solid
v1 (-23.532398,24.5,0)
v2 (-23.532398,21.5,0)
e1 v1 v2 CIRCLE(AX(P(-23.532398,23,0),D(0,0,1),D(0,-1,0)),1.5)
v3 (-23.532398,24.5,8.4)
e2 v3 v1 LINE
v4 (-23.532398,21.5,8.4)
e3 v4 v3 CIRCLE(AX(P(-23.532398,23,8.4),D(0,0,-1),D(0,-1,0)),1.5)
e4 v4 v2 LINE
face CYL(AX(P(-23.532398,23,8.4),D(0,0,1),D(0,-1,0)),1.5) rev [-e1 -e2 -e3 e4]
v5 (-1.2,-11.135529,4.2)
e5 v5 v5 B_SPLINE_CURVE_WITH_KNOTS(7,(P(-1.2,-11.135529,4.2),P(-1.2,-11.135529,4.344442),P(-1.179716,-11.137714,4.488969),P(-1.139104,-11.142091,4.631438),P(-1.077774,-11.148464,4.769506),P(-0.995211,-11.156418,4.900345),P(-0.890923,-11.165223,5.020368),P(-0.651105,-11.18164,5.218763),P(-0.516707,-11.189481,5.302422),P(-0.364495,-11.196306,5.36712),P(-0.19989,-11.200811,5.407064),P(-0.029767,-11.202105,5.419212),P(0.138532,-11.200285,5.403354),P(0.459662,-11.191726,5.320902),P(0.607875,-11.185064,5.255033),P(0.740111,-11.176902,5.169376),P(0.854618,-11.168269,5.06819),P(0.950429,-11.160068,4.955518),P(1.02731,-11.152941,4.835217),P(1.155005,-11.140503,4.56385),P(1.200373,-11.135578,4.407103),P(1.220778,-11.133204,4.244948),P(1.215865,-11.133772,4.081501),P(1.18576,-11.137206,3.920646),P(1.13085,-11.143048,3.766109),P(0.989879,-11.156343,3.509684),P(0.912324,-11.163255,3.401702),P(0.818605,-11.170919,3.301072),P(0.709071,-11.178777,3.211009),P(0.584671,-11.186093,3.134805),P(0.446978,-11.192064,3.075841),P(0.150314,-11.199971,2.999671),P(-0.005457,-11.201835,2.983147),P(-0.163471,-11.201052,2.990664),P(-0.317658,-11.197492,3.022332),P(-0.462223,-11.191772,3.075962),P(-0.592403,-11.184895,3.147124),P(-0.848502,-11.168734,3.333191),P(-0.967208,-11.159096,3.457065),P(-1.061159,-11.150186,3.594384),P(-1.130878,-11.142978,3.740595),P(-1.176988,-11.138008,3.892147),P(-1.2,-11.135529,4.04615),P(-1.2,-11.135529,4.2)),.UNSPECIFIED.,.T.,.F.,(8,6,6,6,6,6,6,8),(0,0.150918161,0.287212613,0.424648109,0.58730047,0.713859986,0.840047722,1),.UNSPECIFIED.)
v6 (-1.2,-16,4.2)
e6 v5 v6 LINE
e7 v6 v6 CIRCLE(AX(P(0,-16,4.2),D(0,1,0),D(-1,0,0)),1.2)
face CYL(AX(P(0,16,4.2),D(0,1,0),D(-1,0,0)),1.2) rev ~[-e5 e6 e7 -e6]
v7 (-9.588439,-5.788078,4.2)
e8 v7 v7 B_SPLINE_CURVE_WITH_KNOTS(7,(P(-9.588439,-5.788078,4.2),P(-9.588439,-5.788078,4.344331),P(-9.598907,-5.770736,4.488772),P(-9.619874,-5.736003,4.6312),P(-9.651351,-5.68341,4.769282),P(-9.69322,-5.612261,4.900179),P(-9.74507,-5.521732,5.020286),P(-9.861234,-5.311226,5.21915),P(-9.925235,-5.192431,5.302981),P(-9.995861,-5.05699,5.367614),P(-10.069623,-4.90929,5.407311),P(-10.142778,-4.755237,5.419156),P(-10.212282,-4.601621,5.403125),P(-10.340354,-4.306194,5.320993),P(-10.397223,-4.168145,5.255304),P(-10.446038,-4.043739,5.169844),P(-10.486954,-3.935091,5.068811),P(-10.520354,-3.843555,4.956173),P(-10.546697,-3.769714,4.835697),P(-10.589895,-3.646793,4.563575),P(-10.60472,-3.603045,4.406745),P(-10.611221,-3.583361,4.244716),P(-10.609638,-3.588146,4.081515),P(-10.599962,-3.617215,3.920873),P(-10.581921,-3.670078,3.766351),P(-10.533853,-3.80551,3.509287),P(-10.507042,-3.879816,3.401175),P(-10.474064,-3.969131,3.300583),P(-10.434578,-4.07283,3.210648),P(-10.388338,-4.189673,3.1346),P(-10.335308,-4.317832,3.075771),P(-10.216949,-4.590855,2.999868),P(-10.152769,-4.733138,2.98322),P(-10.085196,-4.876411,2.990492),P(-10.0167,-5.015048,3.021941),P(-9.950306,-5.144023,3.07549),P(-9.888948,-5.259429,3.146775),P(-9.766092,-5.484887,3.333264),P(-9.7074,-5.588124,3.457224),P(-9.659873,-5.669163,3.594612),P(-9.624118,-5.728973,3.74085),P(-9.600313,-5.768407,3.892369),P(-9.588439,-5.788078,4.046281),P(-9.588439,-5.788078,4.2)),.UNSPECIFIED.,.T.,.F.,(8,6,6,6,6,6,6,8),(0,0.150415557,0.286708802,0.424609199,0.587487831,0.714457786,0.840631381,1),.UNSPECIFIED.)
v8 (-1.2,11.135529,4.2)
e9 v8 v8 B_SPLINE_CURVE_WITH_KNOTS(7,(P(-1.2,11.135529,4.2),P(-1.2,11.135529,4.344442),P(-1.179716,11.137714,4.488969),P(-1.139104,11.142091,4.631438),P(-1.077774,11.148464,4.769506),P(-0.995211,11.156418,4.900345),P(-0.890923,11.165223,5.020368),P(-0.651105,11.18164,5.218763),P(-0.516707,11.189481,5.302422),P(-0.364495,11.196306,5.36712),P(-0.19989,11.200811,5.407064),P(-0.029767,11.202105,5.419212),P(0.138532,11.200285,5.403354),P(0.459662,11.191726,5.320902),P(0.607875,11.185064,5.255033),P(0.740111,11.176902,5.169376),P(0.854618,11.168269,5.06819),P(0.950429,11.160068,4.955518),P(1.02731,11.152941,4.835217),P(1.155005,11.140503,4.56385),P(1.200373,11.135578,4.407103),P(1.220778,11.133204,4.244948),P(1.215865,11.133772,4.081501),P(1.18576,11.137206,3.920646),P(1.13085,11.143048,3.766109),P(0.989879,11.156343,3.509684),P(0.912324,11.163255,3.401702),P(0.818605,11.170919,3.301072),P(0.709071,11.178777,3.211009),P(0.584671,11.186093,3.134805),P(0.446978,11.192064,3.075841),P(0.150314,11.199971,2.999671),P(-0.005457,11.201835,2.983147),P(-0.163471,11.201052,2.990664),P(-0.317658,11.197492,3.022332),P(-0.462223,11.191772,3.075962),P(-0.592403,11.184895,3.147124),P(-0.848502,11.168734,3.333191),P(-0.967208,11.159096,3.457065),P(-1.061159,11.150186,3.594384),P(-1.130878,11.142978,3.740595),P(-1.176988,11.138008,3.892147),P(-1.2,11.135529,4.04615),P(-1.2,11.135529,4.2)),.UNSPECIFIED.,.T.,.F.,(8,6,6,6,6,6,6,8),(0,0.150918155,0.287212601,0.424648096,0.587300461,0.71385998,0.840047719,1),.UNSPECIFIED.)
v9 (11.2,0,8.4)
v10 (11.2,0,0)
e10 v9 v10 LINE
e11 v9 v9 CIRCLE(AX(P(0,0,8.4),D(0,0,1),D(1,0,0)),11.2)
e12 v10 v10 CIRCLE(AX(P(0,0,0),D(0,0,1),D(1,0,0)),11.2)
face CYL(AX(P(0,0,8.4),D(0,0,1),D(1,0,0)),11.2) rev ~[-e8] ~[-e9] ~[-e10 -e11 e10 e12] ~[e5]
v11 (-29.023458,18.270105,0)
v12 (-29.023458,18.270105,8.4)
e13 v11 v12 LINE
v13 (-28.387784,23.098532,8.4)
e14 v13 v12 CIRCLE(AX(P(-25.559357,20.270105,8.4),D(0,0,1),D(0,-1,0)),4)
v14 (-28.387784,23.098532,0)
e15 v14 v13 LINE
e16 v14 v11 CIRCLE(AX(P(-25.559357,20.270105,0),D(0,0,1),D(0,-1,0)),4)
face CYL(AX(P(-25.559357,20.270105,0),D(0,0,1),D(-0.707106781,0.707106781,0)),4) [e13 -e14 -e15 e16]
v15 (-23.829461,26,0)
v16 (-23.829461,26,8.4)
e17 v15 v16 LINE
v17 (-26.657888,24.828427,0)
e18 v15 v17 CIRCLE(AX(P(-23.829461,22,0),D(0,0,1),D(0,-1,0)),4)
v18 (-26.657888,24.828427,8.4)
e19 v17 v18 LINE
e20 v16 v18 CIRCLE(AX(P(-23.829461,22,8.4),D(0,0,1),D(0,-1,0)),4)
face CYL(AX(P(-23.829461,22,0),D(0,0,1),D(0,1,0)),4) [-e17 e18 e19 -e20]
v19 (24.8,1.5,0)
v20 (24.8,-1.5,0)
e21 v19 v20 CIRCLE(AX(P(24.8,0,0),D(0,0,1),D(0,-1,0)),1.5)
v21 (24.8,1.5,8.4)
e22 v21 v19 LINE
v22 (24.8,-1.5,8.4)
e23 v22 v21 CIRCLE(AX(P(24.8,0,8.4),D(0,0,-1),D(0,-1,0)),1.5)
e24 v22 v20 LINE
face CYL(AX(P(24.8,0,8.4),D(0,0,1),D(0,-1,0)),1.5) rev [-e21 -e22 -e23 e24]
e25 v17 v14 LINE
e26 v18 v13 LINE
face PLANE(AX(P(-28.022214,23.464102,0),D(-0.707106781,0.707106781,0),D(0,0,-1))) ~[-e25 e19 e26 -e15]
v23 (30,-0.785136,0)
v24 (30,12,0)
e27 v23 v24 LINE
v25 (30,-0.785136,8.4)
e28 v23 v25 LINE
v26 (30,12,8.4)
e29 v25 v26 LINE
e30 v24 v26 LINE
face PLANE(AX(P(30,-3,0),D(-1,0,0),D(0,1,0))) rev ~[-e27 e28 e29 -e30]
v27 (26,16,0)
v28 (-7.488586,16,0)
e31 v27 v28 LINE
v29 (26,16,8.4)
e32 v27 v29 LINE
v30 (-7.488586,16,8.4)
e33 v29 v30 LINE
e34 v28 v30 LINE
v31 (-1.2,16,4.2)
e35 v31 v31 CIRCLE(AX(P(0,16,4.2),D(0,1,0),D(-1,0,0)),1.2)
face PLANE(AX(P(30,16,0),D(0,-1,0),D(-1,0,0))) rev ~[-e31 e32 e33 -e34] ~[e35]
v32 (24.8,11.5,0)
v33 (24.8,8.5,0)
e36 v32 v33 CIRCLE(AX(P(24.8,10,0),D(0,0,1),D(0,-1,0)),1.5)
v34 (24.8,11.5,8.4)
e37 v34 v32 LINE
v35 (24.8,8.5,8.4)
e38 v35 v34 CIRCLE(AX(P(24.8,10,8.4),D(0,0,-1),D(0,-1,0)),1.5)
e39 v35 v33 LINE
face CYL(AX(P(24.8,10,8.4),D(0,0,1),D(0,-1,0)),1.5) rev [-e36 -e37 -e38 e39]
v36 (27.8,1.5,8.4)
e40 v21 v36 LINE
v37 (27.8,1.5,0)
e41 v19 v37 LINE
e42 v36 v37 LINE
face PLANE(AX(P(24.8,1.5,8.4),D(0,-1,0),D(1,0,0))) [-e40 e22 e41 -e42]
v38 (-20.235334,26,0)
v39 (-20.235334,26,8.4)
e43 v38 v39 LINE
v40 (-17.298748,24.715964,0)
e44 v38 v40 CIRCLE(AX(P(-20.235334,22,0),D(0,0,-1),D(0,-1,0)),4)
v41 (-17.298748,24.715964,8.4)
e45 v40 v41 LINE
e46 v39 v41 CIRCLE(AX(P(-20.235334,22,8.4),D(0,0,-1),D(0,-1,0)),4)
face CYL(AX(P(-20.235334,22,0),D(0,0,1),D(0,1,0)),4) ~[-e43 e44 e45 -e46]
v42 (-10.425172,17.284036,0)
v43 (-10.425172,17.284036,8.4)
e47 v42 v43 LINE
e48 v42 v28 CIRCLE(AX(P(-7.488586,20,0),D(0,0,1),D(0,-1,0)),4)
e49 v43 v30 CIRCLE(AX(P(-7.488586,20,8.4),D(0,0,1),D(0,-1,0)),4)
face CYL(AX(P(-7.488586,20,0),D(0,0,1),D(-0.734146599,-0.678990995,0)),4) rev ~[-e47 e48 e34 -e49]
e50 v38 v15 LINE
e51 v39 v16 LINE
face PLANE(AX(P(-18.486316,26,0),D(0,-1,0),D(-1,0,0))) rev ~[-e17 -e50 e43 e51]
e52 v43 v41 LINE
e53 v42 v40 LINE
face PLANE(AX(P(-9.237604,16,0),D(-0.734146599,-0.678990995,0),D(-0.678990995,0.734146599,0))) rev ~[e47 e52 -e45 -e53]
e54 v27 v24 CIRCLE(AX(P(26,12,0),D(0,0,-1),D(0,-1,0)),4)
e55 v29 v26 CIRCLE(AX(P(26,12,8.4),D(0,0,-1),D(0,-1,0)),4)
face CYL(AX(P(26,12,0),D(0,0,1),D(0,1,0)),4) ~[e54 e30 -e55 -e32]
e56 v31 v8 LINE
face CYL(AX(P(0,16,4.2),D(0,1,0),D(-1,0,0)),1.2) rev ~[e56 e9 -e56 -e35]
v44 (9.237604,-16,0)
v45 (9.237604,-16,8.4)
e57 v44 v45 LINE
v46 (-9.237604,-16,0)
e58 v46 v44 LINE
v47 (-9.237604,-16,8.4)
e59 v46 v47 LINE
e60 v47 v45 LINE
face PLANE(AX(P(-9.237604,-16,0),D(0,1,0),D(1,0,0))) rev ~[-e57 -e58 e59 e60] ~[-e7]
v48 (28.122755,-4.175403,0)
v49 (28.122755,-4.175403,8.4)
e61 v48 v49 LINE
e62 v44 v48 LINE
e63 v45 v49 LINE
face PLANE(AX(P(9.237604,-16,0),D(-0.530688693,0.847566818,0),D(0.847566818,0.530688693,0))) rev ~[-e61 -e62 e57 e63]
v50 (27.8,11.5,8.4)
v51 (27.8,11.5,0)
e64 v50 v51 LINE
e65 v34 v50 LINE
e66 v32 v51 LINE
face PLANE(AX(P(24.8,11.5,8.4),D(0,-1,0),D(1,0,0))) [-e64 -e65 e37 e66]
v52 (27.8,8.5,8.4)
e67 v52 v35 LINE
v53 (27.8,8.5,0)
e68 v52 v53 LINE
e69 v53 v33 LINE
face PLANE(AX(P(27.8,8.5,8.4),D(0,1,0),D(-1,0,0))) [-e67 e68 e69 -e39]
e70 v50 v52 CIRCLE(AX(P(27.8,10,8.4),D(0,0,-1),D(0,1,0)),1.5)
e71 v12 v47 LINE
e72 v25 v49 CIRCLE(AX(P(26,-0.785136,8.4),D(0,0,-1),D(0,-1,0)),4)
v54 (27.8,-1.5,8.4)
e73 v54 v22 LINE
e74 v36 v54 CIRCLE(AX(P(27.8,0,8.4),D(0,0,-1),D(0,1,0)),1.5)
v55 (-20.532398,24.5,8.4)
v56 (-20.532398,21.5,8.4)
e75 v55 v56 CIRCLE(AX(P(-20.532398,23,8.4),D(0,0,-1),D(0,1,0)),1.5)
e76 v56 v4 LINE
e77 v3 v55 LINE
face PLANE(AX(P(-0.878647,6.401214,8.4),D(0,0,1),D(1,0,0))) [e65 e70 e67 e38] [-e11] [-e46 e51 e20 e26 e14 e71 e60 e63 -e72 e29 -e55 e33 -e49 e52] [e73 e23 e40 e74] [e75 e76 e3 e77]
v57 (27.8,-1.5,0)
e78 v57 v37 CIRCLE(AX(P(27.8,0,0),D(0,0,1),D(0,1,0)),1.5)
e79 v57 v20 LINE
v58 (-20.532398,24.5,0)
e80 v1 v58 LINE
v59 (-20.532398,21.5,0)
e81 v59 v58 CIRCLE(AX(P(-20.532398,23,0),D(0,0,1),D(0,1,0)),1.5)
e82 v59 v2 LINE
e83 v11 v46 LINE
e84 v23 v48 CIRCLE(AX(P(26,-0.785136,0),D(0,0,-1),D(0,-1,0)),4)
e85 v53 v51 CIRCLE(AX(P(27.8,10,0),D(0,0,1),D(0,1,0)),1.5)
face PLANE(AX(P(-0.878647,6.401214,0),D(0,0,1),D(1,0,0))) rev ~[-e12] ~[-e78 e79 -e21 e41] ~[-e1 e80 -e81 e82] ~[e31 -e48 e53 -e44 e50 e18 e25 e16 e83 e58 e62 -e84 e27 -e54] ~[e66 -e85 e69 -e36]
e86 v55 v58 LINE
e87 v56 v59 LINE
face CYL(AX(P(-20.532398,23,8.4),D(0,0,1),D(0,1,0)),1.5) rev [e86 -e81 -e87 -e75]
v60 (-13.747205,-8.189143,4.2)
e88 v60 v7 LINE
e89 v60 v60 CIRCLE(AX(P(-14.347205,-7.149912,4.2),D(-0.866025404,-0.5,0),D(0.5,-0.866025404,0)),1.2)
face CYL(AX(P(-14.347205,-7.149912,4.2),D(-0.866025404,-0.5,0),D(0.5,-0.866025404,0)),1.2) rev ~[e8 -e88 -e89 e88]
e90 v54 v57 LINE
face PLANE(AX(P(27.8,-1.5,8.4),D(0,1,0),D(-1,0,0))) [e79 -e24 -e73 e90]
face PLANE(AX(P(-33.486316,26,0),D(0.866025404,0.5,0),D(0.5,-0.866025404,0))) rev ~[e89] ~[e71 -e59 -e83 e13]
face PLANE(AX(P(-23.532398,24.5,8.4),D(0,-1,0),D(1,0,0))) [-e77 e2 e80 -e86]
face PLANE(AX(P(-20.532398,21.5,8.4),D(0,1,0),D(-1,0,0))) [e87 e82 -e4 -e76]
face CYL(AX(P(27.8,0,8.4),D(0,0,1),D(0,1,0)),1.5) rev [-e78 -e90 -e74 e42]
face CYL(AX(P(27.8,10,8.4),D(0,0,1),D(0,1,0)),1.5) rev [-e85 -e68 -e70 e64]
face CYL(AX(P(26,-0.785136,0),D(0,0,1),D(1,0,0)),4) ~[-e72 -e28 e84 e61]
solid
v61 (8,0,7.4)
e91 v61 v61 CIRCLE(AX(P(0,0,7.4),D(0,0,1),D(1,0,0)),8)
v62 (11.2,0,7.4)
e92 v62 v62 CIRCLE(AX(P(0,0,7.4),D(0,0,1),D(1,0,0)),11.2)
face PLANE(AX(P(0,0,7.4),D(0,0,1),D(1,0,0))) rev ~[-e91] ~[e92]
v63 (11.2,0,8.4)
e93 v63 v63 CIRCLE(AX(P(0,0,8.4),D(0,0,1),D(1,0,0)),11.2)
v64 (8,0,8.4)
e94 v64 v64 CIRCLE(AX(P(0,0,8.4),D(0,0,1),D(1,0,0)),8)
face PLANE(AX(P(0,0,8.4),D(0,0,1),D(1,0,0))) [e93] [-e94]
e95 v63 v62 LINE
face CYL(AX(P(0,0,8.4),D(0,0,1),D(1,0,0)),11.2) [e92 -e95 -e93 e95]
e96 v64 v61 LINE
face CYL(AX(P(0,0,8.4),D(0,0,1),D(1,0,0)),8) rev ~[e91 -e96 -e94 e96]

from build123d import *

# Parameters (mm, degrees)
DODANIE_WYCI_GNI_CIE1_DEPTH = 8.4
SZKIC2_R                    = 11.2
WYTNIJ_WYCI_GNI_CIE1_DEPTH  = 44.219131566
SZKIC3_R                    = 1.2
WYTNIJ_WYCI_GNI_CIE2_DEPTH  = 48.073276212
SZKIC4_R                    = 1.2
WYTNIJ_WYCI_GNI_CIE3_DEPTH  = 10
SZKIC5_R                    = 11.2
SZKIC5_R_2                  = 8
DODANIE_WYCI_GNI_CIE2_DEPTH = 1
SFAZOWANIE1_SIZE            = 8
SFAZOWANIE1_SIZE2           = 5.856406461
ZAOKR_GLENIE2_R             = 4
WYTNIJ_WYCI_GNI_CIE4_DEPTH  = 41.577826478


with BuildPart() as part:
    # Szkic1 → Dodanie-wyciągnięcie1 (new body)
    with BuildSketch(Plane.XY):
        Polygon((30, 16), (-9.237604307, 16), (-18.486315613, 26), (-33.486315613, 26), (-9.237604307, -16), (9.237604307, -16), (30, -3), align=None)
    extrude(amount=DODANIE_WYCI_GNI_CIE1_DEPTH)

    # Szkic2 → Wytnij-wyciągnięcie1 (cut, through all)
    with BuildSketch(Plane.XY.offset(8.4)):
        Circle(SZKIC2_R)
    extrude(amount=-WYTNIJ_WYCI_GNI_CIE1_DEPTH, mode=Mode.SUBTRACT)

    # Szkic3 → Wytnij-wyciągnięcie2 (cut, through all)
    with BuildSketch(Plane(origin=(0, 16, 0), x_dir=(1, 0, 0), z_dir=(0, 1, 0))):
        with Locations(Location((0, -4.2, 0), (0, 0, 180))):
            Circle(SZKIC3_R)
    extrude(amount=-WYTNIJ_WYCI_GNI_CIE2_DEPTH, mode=Mode.SUBTRACT)

    # Szkic4 → Wytnij-wyciągnięcie3 (cut)
    with BuildSketch(Plane(origin=(-13.856406461, -8, 0), x_dir=(0, 0, 1), z_dir=(-0.8660254037844386, -0.5, 0))):
        with Locations(Location((4.2, 0.981596763, 0), (0, 0, 270))):
            Circle(SZKIC4_R)
    extrude(amount=-WYTNIJ_WYCI_GNI_CIE3_DEPTH, mode=Mode.SUBTRACT)

    # Sfazowanie1
    sfazowanie1_edges = [part.edges().sort_by_distance(p)[0] for p in [
        (-33.486315613, 26, 4.2),
    ]]
    sfazowanie1_side = [part.faces().sort_by_distance(p)[0] for p in [
        (-25.986315613, 26, 4.2),
    ]]
    chamfer(sfazowanie1_edges, length=SFAZOWANIE1_SIZE, length2=SFAZOWANIE1_SIZE2, reference=sfazowanie1_side[0])

    # Zaokrąglenie2
    zaokr_glenie2_edges = [part.edges().sort_by_distance(p)[0] for p in [
        (30, -3, 4.2),
        (-18.486315613, 26, 4.2),
        (-9.237604307, 16, 4.2),
        (30, 16, 4.2),
        (-30.558112383, 20.92820323, 4.2),
        (-25.486315613, 26, 4.2),
    ]]
    fillet(zaokr_glenie2_edges, radius=ZAOKR_GLENIE2_R)

    # Szkic6 → Wytnij-wyciągnięcie4 (cut, through all)
    with BuildSketch(Plane.XY.offset(8.4)):
        with BuildLine():
            Line((24.8, 1.5), (27.8, 1.5))
            ThreePointArc((27.8, 1.5), (29.3, 0), (27.8, -1.5))
            Line((27.8, -1.5), (24.8, -1.5))
            ThreePointArc((24.8, -1.5), (23.3, 0), (24.8, 1.5))
        make_face()
        with BuildLine():
            Line((24.8, 11.5), (27.8, 11.5))
            ThreePointArc((27.8, 11.5), (29.3, 10), (27.8, 8.5))
            Line((27.8, 8.5), (24.8, 8.5))
            ThreePointArc((24.8, 8.5), (23.3, 10), (24.8, 11.5))
        make_face()
        with BuildLine():
            Line((-23.532397763, 24.5), (-20.532397763, 24.5))
            ThreePointArc((-20.532397763, 24.5), (-19.032397763, 23), (-20.532397763, 21.5))
            Line((-20.532397763, 21.5), (-23.532397763, 21.5))
            ThreePointArc((-23.532397763, 21.5), (-25.032397763, 23), (-23.532397763, 24.5))
        make_face()
    extrude(amount=-WYTNIJ_WYCI_GNI_CIE4_DEPTH, mode=Mode.SUBTRACT)


with BuildPart() as body_2:
    # Szkic5 → Dodanie-wyciągnięcie2 (new body)
    with BuildSketch(Plane.XY.offset(8.4)):
        Circle(SZKIC5_R)
        Circle(SZKIC5_R_2, mode=Mode.SUBTRACT)
    extrude(amount=-DODANIE_WYCI_GNI_CIE2_DEPTH)


solid = Compound([part.part, body_2.part])
